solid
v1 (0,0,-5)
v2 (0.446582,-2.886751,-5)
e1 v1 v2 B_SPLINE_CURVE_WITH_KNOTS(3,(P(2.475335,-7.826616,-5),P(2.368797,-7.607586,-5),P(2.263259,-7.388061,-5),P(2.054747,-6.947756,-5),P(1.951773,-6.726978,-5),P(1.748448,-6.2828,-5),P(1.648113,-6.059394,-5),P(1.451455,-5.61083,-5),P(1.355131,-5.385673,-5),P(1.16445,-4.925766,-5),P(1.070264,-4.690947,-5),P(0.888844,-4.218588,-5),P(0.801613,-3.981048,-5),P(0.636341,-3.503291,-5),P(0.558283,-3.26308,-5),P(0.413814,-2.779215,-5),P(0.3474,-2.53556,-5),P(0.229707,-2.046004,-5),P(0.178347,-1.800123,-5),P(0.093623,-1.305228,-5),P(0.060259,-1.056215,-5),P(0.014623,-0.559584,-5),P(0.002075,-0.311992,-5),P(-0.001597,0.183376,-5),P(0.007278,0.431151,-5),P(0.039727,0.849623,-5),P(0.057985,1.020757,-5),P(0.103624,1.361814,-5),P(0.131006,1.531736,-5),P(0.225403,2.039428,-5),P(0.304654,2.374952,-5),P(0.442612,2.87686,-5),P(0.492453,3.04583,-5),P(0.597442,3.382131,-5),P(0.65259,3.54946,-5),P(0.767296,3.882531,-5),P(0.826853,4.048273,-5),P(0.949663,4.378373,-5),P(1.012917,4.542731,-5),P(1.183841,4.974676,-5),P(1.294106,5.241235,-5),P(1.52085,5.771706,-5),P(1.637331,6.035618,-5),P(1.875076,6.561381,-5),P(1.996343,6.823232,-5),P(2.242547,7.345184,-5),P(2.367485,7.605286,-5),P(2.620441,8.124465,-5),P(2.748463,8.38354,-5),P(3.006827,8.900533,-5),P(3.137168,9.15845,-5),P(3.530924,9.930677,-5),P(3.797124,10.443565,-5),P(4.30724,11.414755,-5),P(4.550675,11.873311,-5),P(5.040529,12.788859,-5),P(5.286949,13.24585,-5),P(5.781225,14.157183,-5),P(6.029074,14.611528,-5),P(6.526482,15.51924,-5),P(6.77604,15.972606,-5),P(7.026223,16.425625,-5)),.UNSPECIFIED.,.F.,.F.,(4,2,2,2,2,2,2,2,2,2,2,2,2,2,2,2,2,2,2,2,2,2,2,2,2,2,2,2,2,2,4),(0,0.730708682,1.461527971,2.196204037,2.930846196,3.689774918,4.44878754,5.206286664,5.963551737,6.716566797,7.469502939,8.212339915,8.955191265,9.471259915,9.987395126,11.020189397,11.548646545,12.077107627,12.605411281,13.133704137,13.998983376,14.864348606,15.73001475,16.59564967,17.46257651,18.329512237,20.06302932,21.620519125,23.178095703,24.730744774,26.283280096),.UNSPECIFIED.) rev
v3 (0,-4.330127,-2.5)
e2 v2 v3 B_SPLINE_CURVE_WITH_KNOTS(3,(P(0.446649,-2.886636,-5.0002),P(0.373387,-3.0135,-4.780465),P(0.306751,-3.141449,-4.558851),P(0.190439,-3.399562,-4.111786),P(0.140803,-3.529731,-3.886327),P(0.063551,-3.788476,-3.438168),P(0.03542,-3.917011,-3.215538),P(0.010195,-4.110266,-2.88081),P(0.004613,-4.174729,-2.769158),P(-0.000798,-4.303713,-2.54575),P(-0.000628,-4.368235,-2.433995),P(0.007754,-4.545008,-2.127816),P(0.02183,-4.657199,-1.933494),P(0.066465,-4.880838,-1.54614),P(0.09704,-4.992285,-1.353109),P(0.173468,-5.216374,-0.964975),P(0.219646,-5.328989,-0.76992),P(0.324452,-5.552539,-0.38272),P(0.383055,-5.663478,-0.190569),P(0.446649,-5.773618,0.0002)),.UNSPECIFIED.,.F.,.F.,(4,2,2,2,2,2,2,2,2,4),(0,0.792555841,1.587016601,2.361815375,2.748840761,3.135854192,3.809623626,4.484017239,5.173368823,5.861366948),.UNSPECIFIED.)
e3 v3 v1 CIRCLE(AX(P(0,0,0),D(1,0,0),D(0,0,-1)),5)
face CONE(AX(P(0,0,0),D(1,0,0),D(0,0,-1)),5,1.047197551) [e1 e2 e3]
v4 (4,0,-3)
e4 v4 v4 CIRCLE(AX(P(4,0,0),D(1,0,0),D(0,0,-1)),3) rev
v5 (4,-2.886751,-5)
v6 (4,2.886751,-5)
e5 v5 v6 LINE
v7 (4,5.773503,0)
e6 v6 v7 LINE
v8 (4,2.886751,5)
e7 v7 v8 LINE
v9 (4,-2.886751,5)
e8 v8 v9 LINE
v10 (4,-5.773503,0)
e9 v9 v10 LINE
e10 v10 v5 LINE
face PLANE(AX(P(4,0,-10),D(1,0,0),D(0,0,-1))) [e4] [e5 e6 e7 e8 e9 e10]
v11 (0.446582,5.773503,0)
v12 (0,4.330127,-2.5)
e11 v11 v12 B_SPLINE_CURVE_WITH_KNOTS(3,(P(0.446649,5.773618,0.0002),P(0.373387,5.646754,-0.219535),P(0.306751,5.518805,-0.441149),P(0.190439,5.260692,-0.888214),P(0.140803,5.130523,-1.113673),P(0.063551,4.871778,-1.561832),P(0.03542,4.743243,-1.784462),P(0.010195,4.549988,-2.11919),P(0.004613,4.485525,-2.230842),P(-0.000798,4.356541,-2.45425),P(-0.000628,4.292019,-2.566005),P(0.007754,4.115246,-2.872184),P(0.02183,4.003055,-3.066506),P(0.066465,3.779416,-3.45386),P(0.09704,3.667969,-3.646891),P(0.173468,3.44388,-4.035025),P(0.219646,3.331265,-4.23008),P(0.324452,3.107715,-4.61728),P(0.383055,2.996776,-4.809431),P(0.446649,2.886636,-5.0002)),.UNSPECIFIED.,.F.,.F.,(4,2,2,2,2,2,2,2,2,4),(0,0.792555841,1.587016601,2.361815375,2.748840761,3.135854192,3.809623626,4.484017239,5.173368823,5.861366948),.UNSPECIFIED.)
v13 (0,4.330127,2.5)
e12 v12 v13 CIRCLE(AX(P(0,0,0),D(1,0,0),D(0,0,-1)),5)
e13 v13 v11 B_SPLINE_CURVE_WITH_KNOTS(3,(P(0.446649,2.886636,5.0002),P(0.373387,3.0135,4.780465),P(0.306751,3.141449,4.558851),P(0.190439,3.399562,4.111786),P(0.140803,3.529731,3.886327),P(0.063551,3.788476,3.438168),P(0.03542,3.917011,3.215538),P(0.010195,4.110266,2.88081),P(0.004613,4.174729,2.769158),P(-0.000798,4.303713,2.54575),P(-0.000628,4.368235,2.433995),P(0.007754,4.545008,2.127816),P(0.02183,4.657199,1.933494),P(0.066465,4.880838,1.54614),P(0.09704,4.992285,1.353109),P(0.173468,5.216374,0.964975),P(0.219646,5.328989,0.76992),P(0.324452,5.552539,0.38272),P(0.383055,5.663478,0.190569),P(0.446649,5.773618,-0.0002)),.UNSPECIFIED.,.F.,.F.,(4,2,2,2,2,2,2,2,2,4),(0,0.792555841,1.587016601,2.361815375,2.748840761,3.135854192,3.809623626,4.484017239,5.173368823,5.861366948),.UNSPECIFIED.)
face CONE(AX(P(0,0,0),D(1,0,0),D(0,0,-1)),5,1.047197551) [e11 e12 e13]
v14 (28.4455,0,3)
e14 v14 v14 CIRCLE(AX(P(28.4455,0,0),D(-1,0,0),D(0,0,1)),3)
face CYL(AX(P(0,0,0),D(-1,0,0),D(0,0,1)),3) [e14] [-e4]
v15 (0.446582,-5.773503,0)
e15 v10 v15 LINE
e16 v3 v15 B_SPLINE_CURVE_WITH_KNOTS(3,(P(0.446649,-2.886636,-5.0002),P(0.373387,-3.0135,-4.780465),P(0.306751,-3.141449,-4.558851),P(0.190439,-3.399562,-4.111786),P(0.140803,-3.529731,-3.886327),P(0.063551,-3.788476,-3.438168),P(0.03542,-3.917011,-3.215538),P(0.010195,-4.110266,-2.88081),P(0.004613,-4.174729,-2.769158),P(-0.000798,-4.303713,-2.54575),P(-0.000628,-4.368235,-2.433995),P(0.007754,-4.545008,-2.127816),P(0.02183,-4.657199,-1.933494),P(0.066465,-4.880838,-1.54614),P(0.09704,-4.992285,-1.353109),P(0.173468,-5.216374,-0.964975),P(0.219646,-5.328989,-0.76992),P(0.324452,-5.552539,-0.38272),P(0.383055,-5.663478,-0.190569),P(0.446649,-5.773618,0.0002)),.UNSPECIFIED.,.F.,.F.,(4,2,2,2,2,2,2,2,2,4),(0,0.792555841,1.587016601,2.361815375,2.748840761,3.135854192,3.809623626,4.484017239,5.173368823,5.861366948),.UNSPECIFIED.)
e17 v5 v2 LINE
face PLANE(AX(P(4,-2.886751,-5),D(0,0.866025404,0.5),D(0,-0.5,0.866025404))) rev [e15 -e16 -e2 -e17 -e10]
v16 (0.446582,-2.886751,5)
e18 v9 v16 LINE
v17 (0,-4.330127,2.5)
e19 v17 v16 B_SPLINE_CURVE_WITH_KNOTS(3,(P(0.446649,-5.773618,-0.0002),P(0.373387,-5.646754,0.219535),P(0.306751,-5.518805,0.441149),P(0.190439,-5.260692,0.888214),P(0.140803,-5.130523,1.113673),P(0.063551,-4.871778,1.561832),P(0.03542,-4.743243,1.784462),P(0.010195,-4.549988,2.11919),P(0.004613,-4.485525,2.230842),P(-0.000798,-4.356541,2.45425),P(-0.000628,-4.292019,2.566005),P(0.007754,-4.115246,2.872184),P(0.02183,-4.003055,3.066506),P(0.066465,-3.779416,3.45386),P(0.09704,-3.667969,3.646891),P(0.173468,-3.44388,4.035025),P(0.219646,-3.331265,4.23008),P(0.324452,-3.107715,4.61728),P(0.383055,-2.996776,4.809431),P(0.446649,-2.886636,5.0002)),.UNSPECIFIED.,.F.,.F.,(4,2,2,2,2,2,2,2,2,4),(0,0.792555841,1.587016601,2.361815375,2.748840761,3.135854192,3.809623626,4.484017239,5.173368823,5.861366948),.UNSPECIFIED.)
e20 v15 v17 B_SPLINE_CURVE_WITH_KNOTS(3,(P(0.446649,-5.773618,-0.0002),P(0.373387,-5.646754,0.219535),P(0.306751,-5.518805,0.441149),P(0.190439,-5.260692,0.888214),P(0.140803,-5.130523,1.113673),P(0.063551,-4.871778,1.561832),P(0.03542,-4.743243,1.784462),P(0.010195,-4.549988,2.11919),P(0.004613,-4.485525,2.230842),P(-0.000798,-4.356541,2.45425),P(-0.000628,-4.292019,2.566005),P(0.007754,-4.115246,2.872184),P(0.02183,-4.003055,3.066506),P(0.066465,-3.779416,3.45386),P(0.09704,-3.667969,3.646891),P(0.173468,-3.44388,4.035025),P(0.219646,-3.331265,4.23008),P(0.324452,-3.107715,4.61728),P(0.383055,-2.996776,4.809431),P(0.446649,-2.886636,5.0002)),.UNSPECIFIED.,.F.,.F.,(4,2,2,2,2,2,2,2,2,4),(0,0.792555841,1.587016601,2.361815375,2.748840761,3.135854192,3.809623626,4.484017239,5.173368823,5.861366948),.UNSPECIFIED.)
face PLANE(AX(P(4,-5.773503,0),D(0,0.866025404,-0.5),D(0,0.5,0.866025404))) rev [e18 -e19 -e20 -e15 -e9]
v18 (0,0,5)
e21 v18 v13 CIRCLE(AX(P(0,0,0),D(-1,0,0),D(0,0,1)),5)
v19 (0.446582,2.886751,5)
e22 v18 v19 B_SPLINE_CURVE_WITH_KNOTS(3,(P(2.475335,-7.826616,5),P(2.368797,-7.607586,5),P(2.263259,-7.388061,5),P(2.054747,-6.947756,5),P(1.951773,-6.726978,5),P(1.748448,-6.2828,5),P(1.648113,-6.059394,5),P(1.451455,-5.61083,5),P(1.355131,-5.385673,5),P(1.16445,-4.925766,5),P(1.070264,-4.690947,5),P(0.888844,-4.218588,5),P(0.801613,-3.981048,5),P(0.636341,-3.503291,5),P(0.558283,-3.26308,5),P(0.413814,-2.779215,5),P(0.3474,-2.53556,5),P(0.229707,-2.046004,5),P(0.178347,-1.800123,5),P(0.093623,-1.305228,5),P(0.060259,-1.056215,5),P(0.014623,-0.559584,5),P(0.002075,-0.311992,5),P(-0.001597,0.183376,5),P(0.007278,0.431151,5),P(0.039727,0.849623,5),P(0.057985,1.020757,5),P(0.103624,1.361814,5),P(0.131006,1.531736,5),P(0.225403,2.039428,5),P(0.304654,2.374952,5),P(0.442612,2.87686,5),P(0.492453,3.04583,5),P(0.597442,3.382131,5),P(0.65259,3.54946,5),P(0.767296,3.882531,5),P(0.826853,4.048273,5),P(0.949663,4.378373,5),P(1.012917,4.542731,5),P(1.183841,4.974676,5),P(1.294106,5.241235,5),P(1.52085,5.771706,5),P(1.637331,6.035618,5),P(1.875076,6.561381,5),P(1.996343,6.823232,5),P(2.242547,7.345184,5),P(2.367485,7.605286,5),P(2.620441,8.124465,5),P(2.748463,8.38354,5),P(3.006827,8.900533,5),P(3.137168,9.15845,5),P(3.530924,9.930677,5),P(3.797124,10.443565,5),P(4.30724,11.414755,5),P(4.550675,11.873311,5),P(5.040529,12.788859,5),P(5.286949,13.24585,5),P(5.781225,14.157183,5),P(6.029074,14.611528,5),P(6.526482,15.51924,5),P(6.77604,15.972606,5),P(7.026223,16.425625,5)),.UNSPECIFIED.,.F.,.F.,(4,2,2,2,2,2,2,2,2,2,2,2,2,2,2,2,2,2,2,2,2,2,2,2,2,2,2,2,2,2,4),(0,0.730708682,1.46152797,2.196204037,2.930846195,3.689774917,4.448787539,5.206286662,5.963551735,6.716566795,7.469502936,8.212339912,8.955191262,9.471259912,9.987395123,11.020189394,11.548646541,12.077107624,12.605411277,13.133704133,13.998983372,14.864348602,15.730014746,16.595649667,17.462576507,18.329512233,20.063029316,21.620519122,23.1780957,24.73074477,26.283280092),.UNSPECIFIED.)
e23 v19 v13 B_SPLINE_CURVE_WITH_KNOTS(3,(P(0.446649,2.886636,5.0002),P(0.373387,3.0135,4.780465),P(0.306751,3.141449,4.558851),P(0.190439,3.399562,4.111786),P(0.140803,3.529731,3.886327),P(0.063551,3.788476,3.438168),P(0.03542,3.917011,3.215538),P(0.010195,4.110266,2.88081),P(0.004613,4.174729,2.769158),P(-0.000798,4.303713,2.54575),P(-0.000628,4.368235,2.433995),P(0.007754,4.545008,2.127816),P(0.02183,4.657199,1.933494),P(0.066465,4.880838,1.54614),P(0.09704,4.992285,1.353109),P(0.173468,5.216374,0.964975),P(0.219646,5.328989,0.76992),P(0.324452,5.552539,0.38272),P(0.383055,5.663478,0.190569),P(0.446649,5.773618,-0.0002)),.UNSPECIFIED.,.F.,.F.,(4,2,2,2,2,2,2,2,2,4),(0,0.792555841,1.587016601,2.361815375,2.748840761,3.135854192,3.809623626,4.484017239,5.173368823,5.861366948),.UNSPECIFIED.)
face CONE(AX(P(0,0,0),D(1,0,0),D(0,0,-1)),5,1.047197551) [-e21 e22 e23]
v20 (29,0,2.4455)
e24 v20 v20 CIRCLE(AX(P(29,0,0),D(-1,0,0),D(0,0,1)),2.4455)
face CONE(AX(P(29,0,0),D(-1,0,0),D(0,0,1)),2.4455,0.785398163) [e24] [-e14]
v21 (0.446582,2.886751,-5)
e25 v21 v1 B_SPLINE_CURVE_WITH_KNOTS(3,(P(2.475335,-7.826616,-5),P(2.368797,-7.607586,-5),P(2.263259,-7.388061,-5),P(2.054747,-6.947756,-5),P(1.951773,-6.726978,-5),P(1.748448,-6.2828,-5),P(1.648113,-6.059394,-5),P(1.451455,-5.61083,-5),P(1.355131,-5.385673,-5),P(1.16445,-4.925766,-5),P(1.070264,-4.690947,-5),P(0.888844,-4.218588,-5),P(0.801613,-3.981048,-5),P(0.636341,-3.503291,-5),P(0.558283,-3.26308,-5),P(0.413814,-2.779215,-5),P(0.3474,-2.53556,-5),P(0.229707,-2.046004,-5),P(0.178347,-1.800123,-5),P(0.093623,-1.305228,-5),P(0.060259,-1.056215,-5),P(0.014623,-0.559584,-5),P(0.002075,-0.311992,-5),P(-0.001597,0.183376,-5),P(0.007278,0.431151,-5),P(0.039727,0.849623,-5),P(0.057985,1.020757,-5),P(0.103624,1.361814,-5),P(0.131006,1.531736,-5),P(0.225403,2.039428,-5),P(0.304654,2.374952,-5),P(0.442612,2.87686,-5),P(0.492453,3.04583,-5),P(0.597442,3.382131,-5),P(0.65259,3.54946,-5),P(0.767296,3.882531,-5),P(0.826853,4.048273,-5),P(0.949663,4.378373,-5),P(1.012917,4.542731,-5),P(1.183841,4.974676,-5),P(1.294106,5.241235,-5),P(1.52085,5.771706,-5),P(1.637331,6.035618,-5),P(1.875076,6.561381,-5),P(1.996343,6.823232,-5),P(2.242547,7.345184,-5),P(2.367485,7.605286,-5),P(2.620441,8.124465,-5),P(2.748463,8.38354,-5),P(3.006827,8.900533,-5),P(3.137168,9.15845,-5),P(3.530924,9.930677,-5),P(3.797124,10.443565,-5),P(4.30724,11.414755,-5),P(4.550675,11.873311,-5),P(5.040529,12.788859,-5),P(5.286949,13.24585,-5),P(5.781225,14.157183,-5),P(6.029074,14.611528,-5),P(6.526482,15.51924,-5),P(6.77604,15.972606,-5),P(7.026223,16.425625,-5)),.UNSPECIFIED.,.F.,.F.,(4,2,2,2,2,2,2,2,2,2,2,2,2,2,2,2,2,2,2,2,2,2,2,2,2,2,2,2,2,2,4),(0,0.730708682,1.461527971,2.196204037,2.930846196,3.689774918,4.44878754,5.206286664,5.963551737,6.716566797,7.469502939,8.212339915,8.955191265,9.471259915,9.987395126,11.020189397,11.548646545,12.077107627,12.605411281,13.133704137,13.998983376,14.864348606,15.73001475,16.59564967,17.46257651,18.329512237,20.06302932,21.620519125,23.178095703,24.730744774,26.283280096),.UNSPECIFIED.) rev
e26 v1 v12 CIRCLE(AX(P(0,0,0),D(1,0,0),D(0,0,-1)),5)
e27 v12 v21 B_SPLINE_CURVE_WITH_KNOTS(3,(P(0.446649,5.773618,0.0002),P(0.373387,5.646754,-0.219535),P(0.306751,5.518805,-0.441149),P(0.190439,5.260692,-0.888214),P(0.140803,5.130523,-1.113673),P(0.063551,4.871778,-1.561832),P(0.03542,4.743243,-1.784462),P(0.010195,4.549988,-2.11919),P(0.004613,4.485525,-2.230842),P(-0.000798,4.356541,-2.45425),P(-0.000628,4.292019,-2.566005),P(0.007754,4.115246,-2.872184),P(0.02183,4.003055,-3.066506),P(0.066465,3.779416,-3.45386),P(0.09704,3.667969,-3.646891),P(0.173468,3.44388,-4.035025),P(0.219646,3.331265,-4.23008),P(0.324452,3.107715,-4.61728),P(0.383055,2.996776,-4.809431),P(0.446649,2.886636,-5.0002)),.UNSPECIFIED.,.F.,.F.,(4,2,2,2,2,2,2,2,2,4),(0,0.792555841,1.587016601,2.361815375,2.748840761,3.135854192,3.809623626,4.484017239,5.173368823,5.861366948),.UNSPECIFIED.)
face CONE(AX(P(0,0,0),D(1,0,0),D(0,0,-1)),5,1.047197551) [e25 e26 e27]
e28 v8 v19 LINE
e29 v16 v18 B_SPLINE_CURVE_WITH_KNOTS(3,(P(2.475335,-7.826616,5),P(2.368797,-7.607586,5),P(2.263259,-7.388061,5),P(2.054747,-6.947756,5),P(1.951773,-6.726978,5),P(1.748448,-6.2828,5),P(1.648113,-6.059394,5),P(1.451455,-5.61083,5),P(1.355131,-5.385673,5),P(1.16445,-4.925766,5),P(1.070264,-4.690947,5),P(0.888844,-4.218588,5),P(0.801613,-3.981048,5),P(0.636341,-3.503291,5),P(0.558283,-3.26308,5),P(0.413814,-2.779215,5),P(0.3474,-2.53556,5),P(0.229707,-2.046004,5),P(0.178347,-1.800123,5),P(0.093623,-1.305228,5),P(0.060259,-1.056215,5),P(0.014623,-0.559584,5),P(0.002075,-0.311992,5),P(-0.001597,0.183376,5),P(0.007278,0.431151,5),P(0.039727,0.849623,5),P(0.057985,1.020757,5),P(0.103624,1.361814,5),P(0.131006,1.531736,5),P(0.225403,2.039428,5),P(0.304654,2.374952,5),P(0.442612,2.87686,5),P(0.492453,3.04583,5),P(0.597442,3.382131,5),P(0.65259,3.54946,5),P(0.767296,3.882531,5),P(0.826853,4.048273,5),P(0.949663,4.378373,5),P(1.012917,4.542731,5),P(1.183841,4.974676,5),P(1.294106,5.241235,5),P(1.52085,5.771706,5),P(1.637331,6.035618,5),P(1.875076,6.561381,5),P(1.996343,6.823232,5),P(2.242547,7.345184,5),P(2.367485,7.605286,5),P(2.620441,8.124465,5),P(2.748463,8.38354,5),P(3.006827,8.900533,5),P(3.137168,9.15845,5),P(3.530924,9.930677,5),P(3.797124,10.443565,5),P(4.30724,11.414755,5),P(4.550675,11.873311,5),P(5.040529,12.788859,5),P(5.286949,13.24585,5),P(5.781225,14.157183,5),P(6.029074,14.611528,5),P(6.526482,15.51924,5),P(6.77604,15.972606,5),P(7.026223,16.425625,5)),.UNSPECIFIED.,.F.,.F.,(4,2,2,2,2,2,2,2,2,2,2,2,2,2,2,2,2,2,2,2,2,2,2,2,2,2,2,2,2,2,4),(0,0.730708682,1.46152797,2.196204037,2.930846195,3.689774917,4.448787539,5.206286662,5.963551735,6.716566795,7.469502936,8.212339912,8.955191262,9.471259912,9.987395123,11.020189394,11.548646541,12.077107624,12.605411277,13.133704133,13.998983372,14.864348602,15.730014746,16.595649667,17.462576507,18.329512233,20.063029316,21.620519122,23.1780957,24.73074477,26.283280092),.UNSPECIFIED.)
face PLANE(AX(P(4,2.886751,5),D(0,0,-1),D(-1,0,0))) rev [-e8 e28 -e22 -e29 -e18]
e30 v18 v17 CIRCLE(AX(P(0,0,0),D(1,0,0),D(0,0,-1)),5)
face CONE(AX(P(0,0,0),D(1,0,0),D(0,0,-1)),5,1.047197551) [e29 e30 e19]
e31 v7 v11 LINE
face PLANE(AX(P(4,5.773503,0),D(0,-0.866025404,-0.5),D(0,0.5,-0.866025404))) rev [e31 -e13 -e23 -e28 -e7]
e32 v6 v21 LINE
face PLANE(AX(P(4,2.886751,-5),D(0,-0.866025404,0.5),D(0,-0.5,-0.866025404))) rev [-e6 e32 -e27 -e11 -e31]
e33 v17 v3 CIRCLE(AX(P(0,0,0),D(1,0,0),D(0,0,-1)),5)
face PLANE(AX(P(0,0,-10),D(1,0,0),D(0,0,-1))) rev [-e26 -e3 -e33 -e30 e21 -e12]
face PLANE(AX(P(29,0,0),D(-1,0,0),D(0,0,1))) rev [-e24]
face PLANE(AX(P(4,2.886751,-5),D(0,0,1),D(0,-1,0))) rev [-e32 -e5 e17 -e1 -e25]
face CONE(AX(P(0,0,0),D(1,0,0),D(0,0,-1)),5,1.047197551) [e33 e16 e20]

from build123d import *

# Parameters (mm, degrees)
BASEHEAD_DEPTH = 4


with BuildPart() as part:
    # Sketch1 → BaseHead (new body)
    with BuildSketch(Plane(origin=(0, 0, 0), x_dir=(0, 0, -1), z_dir=(1, 0, 0))):
        Polygon((5, 2.886751346), (5, -2.886751346), (0, -5.773502692), (-5, -2.886751346), (-5, 2.886751346), (0, 5.773502692), align=None)
    extrude(amount=BASEHEAD_DEPTH)

    # BodySke → BaseBody (revolve)
    with BuildSketch(Plane.XY, mode=Mode.PRIVATE) as basebody_sk:
        Polygon((0, 0), (29, 0), (29, 2.4455), (28.4455, 3), (0, 3), align=None)
    revolve(basebody_sk.sketch.rotate(Axis((0, 0, 0), (1, 0, 0)), 90), axis=Axis((0, 0, 0), (1, 0, 0)))

    # Sketch3 → HeadChamfer (revolve, cut)
    with BuildSketch(Plane.XY):
        Polygon((0, 5), (3.333333333, 10.773502692), (3.333333333, 15.773502692), (-10, 15.773502692), (-10, 5), align=None)
    revolve(axis=Axis((0, 0, 0), (1, 0, 0)), mode=Mode.SUBTRACT)


solid = part.part
